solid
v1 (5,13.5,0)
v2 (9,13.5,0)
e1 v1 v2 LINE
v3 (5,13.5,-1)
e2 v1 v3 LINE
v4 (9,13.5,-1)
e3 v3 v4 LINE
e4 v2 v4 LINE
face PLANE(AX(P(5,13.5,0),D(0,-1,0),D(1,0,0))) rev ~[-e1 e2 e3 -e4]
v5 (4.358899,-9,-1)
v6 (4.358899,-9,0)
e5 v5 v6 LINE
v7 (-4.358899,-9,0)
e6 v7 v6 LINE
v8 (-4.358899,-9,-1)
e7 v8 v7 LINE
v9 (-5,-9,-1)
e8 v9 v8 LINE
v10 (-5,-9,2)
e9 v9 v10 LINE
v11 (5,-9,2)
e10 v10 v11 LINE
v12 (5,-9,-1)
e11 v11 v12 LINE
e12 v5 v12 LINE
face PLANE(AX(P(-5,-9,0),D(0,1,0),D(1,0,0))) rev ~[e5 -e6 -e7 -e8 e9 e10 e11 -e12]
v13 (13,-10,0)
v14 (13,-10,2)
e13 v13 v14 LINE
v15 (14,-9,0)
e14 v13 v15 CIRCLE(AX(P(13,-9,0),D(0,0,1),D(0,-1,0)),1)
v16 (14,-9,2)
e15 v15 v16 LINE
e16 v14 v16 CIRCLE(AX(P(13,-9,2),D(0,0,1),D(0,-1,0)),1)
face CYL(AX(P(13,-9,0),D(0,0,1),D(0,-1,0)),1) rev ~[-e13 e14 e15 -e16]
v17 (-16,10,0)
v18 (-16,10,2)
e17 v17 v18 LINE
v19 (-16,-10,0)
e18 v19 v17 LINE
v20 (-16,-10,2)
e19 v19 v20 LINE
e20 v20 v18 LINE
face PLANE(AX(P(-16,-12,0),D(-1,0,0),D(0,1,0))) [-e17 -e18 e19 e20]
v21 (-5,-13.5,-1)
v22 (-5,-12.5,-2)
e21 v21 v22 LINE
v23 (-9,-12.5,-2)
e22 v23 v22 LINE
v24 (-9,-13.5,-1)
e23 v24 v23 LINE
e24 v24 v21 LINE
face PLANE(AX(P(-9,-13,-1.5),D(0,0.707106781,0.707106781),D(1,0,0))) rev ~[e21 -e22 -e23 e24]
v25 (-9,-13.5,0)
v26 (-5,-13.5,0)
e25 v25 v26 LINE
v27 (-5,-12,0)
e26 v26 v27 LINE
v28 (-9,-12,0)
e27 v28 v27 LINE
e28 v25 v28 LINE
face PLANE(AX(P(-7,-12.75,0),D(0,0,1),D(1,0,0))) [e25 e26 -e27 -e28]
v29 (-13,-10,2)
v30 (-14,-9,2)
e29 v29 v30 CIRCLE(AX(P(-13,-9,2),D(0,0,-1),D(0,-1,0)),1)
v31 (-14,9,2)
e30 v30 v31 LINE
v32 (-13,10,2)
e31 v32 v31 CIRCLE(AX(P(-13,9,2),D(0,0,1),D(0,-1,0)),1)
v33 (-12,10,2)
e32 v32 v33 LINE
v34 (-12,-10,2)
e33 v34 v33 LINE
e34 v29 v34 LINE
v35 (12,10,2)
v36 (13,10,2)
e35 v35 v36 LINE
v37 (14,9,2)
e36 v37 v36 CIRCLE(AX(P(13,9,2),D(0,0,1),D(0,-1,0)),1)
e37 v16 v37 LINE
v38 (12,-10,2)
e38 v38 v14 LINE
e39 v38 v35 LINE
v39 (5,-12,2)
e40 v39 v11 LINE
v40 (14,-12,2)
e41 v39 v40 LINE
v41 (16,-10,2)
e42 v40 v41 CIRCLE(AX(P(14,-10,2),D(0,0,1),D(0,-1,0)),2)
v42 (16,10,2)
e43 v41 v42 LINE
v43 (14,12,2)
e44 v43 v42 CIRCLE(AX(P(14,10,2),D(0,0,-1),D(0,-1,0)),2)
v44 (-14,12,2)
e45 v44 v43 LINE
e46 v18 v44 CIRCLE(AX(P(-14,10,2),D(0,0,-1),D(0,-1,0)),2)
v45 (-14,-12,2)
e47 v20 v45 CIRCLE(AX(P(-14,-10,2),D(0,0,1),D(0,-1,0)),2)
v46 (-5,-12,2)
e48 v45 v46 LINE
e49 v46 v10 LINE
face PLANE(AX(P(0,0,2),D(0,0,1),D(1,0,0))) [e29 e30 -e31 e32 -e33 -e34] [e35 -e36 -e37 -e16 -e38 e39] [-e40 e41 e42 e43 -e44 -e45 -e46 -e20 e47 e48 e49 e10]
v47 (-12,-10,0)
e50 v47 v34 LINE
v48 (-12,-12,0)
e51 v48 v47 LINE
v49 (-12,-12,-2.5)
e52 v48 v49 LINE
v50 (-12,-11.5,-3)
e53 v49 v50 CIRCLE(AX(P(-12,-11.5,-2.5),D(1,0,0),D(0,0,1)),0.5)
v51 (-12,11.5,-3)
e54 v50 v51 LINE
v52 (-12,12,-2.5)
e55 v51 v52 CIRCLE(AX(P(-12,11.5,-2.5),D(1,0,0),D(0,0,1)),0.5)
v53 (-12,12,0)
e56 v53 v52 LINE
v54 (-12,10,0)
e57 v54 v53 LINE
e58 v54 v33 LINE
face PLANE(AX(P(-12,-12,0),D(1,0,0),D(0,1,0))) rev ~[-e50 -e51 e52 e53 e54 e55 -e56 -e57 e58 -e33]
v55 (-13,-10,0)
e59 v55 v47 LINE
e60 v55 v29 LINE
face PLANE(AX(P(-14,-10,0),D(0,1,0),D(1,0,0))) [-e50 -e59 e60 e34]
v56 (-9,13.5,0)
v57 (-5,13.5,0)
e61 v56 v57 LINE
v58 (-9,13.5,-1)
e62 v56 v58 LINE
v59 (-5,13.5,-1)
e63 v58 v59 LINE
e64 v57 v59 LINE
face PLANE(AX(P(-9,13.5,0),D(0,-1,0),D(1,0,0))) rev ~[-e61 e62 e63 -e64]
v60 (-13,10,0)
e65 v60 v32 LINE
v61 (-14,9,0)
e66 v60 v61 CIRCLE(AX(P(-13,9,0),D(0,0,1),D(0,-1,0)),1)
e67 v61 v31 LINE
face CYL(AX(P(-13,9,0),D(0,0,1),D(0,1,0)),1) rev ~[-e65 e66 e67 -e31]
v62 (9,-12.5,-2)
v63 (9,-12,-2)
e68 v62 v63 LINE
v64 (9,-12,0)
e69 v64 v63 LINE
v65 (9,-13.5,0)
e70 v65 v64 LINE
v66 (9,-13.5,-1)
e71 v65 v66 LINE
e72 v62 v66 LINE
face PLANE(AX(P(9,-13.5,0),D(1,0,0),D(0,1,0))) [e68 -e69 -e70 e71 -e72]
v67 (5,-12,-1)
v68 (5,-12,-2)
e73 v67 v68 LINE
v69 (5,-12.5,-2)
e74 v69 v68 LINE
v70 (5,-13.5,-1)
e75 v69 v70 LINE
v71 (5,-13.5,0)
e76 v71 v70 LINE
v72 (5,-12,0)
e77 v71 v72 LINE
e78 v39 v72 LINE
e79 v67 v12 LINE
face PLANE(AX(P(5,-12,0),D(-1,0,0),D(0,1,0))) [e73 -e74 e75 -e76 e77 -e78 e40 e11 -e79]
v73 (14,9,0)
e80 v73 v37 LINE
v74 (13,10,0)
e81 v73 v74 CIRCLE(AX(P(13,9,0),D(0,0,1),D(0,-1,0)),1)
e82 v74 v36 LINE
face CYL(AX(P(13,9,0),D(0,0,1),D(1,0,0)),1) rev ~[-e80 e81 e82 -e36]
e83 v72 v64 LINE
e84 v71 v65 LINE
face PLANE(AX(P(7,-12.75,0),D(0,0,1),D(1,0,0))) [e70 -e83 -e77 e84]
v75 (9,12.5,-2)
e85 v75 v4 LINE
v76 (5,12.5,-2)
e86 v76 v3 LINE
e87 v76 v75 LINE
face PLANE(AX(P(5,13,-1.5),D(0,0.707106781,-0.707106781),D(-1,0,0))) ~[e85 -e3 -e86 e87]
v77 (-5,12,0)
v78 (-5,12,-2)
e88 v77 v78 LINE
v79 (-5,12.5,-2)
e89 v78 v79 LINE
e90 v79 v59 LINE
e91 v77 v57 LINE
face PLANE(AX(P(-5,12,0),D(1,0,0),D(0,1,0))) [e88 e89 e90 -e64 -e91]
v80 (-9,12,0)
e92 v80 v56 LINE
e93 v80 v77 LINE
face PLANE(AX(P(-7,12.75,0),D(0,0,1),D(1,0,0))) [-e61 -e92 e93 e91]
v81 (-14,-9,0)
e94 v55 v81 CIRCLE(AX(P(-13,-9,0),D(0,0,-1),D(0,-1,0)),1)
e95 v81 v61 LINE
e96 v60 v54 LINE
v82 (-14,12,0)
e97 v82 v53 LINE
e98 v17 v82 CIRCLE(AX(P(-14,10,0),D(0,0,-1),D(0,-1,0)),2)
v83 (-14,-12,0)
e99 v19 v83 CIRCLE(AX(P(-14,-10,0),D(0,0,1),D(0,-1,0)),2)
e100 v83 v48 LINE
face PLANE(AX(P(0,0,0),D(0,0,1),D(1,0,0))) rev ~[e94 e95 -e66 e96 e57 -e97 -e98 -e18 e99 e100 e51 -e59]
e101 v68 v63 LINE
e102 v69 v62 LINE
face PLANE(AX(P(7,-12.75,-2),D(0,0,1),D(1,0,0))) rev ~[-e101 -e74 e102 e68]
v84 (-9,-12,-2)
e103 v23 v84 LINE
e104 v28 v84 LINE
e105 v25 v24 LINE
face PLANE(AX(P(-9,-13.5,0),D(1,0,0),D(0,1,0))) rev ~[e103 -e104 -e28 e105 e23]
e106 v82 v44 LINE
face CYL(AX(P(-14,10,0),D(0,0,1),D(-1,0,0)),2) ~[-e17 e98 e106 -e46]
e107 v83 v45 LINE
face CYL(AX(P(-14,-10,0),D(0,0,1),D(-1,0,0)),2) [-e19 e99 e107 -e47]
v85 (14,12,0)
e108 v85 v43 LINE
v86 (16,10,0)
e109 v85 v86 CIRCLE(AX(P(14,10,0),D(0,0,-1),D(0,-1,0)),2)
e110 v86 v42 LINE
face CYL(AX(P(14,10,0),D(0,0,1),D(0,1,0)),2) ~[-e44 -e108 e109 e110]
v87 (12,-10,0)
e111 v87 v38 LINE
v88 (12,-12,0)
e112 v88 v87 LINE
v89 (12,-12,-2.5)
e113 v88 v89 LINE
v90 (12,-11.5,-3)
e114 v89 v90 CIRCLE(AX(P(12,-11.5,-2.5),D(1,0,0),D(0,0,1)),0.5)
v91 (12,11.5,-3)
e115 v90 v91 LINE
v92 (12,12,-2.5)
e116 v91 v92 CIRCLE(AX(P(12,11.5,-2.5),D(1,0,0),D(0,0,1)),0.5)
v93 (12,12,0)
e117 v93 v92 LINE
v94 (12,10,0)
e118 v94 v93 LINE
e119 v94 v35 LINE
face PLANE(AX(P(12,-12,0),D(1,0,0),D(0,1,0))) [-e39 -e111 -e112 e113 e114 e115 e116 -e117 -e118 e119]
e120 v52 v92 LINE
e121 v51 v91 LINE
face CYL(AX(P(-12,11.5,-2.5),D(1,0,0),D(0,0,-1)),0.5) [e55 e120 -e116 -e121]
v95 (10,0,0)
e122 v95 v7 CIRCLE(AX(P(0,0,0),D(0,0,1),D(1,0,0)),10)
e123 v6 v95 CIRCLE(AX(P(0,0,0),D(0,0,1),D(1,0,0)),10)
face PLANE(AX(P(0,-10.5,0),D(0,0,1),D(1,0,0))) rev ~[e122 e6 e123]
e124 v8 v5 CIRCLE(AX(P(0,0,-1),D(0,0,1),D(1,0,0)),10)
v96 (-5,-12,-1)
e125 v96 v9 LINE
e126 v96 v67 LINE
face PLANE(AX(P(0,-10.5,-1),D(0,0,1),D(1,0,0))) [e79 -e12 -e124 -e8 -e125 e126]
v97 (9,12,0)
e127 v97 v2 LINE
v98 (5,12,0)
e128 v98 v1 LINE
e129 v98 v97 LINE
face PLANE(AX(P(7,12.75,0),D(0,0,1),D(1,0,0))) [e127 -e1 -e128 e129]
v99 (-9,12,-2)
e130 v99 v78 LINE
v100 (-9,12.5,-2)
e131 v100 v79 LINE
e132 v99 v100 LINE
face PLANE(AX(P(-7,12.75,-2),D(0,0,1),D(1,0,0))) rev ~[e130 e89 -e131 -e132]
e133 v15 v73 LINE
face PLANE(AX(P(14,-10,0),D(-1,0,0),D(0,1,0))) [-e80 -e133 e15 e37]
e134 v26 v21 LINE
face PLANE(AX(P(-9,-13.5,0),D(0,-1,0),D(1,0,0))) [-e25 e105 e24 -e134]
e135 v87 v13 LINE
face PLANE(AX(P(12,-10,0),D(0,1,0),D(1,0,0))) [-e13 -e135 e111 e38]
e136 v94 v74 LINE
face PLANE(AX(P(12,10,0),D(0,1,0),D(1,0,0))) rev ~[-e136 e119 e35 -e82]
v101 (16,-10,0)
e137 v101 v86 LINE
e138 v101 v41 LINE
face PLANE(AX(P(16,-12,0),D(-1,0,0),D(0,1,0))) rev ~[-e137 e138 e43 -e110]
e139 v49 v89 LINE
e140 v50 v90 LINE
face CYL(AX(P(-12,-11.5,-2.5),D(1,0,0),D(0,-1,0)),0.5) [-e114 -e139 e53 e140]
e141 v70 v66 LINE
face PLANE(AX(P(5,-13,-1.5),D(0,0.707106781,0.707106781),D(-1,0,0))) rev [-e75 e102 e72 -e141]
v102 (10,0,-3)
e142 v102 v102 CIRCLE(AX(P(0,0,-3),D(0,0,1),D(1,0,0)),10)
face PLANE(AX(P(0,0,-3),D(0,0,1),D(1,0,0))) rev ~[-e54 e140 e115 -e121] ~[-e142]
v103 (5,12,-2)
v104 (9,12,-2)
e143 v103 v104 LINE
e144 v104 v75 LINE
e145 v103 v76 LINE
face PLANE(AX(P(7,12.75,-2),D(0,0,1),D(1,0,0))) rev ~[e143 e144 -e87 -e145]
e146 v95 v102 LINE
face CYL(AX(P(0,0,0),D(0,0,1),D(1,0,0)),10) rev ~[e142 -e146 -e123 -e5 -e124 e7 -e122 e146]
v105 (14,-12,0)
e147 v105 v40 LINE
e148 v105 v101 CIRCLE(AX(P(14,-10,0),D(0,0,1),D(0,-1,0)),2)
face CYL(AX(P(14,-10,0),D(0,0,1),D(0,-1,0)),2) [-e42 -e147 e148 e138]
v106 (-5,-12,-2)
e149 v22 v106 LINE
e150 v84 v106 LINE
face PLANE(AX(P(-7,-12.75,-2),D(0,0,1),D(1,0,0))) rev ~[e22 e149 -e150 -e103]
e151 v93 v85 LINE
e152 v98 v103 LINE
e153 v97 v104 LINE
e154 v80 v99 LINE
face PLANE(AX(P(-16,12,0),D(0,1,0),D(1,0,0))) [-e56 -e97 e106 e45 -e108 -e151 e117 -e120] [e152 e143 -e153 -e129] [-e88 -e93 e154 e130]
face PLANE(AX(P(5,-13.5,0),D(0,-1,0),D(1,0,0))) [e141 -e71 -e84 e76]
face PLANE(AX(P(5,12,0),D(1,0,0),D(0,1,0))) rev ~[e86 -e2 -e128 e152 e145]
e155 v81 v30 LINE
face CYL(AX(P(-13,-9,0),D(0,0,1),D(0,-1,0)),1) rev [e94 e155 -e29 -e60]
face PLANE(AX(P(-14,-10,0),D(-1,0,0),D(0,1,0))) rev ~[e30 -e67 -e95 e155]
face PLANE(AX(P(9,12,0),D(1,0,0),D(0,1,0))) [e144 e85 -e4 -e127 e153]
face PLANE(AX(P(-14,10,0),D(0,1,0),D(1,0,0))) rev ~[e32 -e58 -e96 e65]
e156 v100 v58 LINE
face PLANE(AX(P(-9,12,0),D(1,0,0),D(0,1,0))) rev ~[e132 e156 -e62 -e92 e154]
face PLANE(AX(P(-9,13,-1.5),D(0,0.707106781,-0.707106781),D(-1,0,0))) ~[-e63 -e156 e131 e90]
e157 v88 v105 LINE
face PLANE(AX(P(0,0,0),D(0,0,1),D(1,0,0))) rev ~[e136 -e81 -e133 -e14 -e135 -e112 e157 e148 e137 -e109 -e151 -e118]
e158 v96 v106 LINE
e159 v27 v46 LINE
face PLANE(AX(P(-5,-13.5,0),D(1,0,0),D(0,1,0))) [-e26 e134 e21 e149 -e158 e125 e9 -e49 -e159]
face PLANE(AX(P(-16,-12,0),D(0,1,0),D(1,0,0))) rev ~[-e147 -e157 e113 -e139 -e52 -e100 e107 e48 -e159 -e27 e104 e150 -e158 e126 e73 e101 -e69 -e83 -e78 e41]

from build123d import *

# Parameters (mm, degrees)
F2_W      = 32
F2_H      = 24
F3_DEPTH  = 2
F0_W      = 24
F0_H      = 24
F4_DEPTH  = 3
F1_R      = 10
F5_DEPTH  = 3
F6_W      = 2
F6_H      = 20
F7_DEPTH  = 2
F8_R      = 2
F9_R      = 1
F10_W     = 10
F10_H     = 3
F11_DEPTH = 1
F12_DEPTH = 2
F13_W     = 4
F13_H     = 1.5
F14_DEPTH = 2
F15_SIZE  = 1
F16_R     = 0.5


with BuildPart() as f3:
    # F2 (on Top) → F3 (new body)
    with BuildSketch(Plane.XY):
        Rectangle(F2_W, F2_H)
    extrude(amount=F3_DEPTH)

    # F0 (on Top) → F4 (join)
    with BuildSketch(Plane.XY):
        Rectangle(F0_W, F0_H)
    extrude(amount=-F4_DEPTH)

    # F1 (on Top) → F5 (cut)
    with BuildSketch(Plane.XY):
        Circle(F1_R)
    extrude(amount=-F5_DEPTH, mode=Mode.SUBTRACT)

    # F6 (on Top) → F7 (cut)
    with BuildSketch(Plane.XY):
        with Locations((-13, 0)):
            Rectangle(F6_W, F6_H)
        with Locations((13, 0)):
            Rectangle(F6_W, F6_H)
    extrude(amount=F7_DEPTH, mode=Mode.SUBTRACT)

    # F8
    f8_edges = [f3.edges().sort_by_distance(p)[0] for p in [
        (16, -12, 1),
        (16, 12, 1),
        (-16, -12, 1),
        (-16, 12, 1),
    ]]
    fillet(f8_edges, radius=F8_R)

    # F9
    f9_edges = [f3.edges().sort_by_distance(p)[0] for p in [
        (-14, 10, 1),
        (14, 10, 1),
        (-14, -10, 1),
        (14, -10, 1),
    ]]
    fillet(f9_edges, radius=F9_R)

    # F10 (on Top) → F11 (cut)
    with BuildSketch(Plane.XY):
        with Locations((0, -10.5)):
            Rectangle(F10_W, F10_H)
    extrude(amount=-F11_DEPTH, mode=Mode.SUBTRACT)

    # F10 (on Top) → F12 (cut)
    with BuildSketch(Plane.XY):
        with Locations((0, -10.5)):
            Rectangle(F10_W, F10_H)
    extrude(amount=F12_DEPTH, mode=Mode.SUBTRACT)

    # F13 (on Top) → F14 (join)
    with BuildSketch(Plane.XY):
        with Locations((-7, -12.75)):
            Rectangle(F13_W, F13_H)
        with Locations((-7, 12.75)):
            Rectangle(F13_W, F13_H)
        with Locations((7, -12.75)):
            Rectangle(F13_W, F13_H)
        with Locations((7, 12.75)):
            Rectangle(F13_W, F13_H)
    extrude(amount=-F14_DEPTH)

    # F15
    f15_edges = [f3.edges().sort_by_distance(p)[0] for p in [
        (-7, -13.5, -2),
        (7, -13.5, -2),
        (7, 13.5, -2),
        (-7, 13.5, -2),
    ]]
    chamfer(f15_edges, length=F15_SIZE)

    # F16
    f16_edges = [f3.edges().sort_by_distance(p)[0] for p in [
        (0, -12, -3),
        (0, 12, -3),
    ]]
    fillet(f16_edges, radius=F16_R)


solid = f3.part
